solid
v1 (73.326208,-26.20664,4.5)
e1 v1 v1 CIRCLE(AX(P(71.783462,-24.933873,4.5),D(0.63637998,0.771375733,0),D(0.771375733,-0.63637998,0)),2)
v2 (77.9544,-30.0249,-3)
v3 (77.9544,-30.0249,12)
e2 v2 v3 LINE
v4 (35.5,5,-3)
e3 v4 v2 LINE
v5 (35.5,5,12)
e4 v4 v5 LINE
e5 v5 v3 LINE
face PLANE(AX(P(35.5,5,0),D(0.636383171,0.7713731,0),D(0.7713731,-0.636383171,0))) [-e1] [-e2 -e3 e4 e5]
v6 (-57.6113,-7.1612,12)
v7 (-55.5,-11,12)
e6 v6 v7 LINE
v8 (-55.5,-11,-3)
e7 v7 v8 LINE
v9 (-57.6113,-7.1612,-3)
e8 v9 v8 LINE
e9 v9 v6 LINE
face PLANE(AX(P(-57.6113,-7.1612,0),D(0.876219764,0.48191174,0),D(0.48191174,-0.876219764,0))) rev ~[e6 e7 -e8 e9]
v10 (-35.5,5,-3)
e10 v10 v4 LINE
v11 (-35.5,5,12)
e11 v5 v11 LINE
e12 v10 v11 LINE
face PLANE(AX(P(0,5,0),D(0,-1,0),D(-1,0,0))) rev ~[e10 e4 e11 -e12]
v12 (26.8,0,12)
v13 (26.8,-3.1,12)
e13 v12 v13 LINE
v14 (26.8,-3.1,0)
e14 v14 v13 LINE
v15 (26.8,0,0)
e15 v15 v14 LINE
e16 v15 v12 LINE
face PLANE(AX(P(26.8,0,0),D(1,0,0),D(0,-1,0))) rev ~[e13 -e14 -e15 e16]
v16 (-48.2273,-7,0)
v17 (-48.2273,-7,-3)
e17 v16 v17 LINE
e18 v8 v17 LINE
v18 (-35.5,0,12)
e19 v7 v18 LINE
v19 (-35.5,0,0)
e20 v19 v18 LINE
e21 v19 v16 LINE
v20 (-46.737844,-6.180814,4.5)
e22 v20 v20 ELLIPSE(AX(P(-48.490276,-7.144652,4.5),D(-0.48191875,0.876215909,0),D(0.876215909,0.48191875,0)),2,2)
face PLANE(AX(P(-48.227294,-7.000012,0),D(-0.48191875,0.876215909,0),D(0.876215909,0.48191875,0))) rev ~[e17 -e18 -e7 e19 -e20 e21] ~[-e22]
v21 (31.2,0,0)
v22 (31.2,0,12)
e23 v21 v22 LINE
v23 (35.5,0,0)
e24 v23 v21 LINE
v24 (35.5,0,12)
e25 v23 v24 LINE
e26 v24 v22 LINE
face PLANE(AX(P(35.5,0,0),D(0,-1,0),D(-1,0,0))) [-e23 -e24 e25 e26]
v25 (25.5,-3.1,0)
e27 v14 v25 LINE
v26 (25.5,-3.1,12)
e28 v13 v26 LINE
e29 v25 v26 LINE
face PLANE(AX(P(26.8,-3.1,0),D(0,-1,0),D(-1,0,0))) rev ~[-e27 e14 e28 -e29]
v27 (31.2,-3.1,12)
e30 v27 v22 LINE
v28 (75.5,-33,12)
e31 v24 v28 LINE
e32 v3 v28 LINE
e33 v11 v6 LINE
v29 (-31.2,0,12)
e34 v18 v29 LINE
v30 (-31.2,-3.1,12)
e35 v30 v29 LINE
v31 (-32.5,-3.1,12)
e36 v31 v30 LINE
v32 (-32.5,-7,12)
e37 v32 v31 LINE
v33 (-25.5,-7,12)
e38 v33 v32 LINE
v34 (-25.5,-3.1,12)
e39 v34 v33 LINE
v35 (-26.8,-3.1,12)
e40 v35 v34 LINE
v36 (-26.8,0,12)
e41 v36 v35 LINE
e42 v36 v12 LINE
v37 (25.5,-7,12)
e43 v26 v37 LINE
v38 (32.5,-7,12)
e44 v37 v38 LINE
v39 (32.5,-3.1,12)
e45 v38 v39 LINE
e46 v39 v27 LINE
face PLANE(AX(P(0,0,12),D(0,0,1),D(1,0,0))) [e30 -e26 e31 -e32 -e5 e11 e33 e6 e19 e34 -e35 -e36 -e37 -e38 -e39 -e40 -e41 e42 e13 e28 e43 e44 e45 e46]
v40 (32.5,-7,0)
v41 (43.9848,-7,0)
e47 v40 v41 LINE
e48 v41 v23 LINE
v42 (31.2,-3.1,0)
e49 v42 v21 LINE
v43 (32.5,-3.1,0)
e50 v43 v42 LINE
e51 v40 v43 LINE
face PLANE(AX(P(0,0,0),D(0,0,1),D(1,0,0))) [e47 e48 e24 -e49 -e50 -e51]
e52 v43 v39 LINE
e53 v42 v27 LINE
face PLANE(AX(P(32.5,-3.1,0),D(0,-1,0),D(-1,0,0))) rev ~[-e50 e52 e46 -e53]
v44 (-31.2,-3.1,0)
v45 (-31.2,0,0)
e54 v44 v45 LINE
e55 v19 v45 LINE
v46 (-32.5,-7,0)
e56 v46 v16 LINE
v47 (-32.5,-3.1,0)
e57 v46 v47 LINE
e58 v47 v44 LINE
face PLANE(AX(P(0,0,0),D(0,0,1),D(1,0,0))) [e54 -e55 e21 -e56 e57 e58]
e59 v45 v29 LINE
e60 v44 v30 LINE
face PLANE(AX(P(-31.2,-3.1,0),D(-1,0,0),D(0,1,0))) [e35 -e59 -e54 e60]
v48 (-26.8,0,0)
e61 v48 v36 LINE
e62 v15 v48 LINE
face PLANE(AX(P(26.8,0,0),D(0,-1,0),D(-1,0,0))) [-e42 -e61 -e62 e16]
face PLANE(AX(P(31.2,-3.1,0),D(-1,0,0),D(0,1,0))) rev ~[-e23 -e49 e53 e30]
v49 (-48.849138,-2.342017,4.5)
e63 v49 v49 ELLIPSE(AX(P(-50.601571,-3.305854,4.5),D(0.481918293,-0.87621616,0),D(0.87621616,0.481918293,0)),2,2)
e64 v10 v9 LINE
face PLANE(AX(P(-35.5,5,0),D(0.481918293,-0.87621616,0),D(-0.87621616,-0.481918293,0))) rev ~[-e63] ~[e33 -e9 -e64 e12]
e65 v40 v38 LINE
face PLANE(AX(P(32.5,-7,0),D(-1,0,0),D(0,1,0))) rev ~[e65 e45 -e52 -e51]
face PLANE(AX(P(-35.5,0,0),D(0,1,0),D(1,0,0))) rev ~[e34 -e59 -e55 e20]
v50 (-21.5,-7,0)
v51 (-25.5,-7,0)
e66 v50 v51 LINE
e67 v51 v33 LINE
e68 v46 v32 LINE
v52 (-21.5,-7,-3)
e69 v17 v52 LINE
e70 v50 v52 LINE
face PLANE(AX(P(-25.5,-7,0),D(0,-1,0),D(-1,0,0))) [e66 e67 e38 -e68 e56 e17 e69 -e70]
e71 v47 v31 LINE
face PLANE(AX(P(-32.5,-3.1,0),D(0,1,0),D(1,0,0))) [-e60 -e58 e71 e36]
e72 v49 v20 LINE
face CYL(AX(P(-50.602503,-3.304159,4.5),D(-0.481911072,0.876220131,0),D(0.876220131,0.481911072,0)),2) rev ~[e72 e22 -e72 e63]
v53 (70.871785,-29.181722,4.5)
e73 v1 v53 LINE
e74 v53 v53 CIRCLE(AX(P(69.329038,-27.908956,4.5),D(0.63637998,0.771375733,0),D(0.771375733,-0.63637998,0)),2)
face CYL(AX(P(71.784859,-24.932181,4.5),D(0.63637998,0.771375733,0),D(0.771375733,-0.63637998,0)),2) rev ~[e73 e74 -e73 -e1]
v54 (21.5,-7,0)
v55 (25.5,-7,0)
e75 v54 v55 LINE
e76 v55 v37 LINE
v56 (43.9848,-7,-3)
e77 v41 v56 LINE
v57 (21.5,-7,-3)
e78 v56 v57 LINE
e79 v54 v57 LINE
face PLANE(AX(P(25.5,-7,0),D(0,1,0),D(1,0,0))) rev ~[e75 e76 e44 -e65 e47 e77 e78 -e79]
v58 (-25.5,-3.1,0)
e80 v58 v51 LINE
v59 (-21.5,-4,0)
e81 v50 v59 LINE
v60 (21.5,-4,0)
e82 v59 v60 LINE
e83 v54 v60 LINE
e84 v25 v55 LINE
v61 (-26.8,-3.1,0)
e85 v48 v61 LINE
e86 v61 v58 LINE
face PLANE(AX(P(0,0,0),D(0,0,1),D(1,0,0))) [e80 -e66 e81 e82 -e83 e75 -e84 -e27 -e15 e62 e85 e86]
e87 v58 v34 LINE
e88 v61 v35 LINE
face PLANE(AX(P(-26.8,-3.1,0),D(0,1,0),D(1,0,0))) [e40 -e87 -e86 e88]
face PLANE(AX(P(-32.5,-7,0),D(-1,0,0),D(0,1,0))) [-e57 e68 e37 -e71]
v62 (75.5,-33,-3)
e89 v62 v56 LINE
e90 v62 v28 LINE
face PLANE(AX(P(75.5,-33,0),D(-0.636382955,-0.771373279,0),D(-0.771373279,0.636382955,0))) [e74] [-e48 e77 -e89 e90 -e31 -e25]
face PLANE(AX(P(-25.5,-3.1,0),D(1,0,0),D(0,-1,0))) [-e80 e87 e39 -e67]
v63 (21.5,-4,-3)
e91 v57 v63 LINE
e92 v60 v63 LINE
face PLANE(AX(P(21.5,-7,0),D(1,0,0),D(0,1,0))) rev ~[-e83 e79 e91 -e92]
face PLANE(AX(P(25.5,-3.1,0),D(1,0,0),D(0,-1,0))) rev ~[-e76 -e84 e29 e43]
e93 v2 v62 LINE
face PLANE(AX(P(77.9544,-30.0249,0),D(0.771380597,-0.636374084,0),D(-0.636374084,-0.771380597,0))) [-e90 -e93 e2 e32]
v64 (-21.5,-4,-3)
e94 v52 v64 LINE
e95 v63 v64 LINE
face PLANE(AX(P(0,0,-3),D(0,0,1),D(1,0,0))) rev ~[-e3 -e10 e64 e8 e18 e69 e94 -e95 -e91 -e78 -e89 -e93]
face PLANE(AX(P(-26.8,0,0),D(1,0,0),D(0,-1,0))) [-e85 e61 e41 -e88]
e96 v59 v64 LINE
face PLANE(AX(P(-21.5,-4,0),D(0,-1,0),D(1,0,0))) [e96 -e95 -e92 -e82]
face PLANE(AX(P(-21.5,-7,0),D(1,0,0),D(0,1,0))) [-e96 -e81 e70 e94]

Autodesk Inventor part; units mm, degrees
ref_plane "YZ Plane" through (0, 0, 0) normal (1, 0, 0) x (0, 1, 0)
ref_plane "XZ Plane" through (0, 0, 0) normal (0, 1, 0) x (-1, 0, 0)
ref_plane "XY Plane" through (0, 0, 0) normal (0, 0, 1) x (1, 0, 0)
sketch "Sketch2" plane through (0, 0, 0) normal (0, 0, 1) x (1, 0, 0)
  line L0 (-32.5, -3.1) -> (-25.5, -3.1)
  line L1 (-25.5, -3.1) -> (-25.5, -7)
  line L2 (-25.5, -7) -> (-32.5, -7)
  line L3 (-32.5, -7) -> (-32.5, -3.1)
  line L4 (-31.2, 0) -> (-26.8, 0)
  line L5 (-26.8, 0) -> (-26.8, -3.1)
  line L6 (-26.8, -3.1) -> (-31.2, -3.1)
  line L7 (-31.2, -3.1) -> (-31.2, 0)
  line L8 (-35.5, 0) -> (0, 0)
  line L9 (0, 5) -> (-35.5, 5)
  line L10 (-35.5, 5) -> (-35.5, 0)
  line L11 (-29, 6.5254) -> (-29, -10.3092) construction
  line L12 (0, -40.9051) -> (0, 14.4305) construction
  line L13 (32.5, -3.1) -> (25.5, -3.1)
  line L14 (25.5, -3.1) -> (25.5, -7)
  line L15 (25.5, -7) -> (32.5, -7)
  line L16 (32.5, -7) -> (32.5, -3.1)
  line L17 (31.2, 0) -> (26.8, 0)
  line L18 (26.8, 0) -> (26.8, -3.1)
  line L19 (26.8, -3.1) -> (31.2, -3.1)
  line L20 (31.2, -3.1) -> (31.2, 0)
  line L21 (35.5, 0) -> (0, 0)
  line L22 (0, 5) -> (35.5, 5)
  line L23 (35.5, 5) -> (35.5, 0)
  line L24 (29, 6.5254) -> (29, -10.3092) construction
  line L25 (-84.7245, 0) -> (105.0676, 0) construction
  line L26 (35.5, 5) -> (77.9544, -30.0249)
  line L27 (77.9544, -30.0249) -> (75.5, -33)
  line L28 (75.5, -33) -> (35.5, 0)
  line L29 (-35.5, 5) -> (35.5, 5)
  line L30 (35.5, 5) -> (35.5, -7)
  line L31 (35.5, -7) -> (-35.5, -7)
  line L32 (-35.5, -7) -> (-35.5, 5)
  line L33 (-35.5, 5) -> (-57.6113, -7.1612)
  line L34 (-57.6113, -7.1612) -> (-55.5, -11)
  line L35 (-55.5, -11) -> (-35.5, 0)
  line L36 (-21.5, -7) -> (-21.5, -4)
  line L37 (-21.5, -4) -> (0, -4)
  line L38 (21.5, -7) -> (21.5, -4)
  line L39 (21.5, -4) -> (0, -4)
  line L40 (-35.5, -7) -> (-48.2273, -7)
  line L41 (35.5, -7) -> (43.9848, -7)
  point P0 (-13.25, 5)
  point P1 (-18.25, 5)
  point P2 (29, -7)
  point P3 (32.5, -7)
  point P4 (-32.5, -7)
  point P5 (21.5, -7)
  dimension "d1" = 4.4
  dimension "d2" = 7
  dimension "d3" = 3.9
  dimension "d4" = 5
  dimension "d5" = 58
  dimension "d6" = 7
  dimension "d7" = 13
  dimension "d28" = 38
  dimension "d29" = 40
  dimension "d30" = 20
  dimension "d31" = 16
  dimension "d37" = 4
  dimension "d38" = 3
extrude "Extrusion1" add sketch "Sketch2" along normal blind 12 contours L0 L1 L2 L3 | L7 L4 L5 L0 | L8 L10 L9 L22 L23 L21 L17 L4 | L35 L34 L33 L10 | L17 L20 L13 L18 | L14 L13 L16 L15 | L26 L27 L28 L23
extrude "Extrusion3" add sketch "Sketch2" against normal blind 3 contours L3 L31 L32 L8 L7 L0 | L0 L1 L2 L3 | L7 L4 L5 L0 | L5 L8 L21 L18 L13 L14 L31 L38 L39 L37 L36 L1 L0 | L8 L10 L9 L22 L23 L21 L17 L4 | L40 L35 L32 | L35 L34 L33 L10 | L17 L20 L13 L18 | L14 L13 L16 L15 | L21 L30 L31 L16 L13 L20 | L26 L27 L28 L23 | L28 L41 L30
sketch "Sketch3" plane through (-57.6113, -7.1612, 12) normal (-0.4819, 0.8762, 0) x (0.8762, 0.4819, 0)
  circle A0 centre (8, 7.5) radius 2
  line L0 (0, 0) -> (0, 15) projected
  line L1 (25.235, 0) -> (0, 0) projected
  point P0 (53.9311, 12)
  dimension "d39" = 4
  dimension "d40" = 8
  dimension "d41" = 7.5
extrude "Extrusion4" cut sketch "Sketch3" against normal blind 10
sketch "Sketch4" plane through (35.5, 5, 12) normal (0.6364, 0.7714, 0) x (0.7714, -0.6364, 0)
  circle A0 centre (47.0375, 7.5) radius 2
  line L0 (55.0375, 15) -> (55.0375, 0) projected
  line L1 (0, 15) -> (55.0375, 15) projected
  point P0 (-24.2018, 12)
  dimension "d44" = 4
  dimension "d45" = 8
  dimension "d46" = 7.5
extrude "Extrusion5" cut sketch "Sketch4" against normal blind 10
properties part number "UnitreeGO2_railmount"
